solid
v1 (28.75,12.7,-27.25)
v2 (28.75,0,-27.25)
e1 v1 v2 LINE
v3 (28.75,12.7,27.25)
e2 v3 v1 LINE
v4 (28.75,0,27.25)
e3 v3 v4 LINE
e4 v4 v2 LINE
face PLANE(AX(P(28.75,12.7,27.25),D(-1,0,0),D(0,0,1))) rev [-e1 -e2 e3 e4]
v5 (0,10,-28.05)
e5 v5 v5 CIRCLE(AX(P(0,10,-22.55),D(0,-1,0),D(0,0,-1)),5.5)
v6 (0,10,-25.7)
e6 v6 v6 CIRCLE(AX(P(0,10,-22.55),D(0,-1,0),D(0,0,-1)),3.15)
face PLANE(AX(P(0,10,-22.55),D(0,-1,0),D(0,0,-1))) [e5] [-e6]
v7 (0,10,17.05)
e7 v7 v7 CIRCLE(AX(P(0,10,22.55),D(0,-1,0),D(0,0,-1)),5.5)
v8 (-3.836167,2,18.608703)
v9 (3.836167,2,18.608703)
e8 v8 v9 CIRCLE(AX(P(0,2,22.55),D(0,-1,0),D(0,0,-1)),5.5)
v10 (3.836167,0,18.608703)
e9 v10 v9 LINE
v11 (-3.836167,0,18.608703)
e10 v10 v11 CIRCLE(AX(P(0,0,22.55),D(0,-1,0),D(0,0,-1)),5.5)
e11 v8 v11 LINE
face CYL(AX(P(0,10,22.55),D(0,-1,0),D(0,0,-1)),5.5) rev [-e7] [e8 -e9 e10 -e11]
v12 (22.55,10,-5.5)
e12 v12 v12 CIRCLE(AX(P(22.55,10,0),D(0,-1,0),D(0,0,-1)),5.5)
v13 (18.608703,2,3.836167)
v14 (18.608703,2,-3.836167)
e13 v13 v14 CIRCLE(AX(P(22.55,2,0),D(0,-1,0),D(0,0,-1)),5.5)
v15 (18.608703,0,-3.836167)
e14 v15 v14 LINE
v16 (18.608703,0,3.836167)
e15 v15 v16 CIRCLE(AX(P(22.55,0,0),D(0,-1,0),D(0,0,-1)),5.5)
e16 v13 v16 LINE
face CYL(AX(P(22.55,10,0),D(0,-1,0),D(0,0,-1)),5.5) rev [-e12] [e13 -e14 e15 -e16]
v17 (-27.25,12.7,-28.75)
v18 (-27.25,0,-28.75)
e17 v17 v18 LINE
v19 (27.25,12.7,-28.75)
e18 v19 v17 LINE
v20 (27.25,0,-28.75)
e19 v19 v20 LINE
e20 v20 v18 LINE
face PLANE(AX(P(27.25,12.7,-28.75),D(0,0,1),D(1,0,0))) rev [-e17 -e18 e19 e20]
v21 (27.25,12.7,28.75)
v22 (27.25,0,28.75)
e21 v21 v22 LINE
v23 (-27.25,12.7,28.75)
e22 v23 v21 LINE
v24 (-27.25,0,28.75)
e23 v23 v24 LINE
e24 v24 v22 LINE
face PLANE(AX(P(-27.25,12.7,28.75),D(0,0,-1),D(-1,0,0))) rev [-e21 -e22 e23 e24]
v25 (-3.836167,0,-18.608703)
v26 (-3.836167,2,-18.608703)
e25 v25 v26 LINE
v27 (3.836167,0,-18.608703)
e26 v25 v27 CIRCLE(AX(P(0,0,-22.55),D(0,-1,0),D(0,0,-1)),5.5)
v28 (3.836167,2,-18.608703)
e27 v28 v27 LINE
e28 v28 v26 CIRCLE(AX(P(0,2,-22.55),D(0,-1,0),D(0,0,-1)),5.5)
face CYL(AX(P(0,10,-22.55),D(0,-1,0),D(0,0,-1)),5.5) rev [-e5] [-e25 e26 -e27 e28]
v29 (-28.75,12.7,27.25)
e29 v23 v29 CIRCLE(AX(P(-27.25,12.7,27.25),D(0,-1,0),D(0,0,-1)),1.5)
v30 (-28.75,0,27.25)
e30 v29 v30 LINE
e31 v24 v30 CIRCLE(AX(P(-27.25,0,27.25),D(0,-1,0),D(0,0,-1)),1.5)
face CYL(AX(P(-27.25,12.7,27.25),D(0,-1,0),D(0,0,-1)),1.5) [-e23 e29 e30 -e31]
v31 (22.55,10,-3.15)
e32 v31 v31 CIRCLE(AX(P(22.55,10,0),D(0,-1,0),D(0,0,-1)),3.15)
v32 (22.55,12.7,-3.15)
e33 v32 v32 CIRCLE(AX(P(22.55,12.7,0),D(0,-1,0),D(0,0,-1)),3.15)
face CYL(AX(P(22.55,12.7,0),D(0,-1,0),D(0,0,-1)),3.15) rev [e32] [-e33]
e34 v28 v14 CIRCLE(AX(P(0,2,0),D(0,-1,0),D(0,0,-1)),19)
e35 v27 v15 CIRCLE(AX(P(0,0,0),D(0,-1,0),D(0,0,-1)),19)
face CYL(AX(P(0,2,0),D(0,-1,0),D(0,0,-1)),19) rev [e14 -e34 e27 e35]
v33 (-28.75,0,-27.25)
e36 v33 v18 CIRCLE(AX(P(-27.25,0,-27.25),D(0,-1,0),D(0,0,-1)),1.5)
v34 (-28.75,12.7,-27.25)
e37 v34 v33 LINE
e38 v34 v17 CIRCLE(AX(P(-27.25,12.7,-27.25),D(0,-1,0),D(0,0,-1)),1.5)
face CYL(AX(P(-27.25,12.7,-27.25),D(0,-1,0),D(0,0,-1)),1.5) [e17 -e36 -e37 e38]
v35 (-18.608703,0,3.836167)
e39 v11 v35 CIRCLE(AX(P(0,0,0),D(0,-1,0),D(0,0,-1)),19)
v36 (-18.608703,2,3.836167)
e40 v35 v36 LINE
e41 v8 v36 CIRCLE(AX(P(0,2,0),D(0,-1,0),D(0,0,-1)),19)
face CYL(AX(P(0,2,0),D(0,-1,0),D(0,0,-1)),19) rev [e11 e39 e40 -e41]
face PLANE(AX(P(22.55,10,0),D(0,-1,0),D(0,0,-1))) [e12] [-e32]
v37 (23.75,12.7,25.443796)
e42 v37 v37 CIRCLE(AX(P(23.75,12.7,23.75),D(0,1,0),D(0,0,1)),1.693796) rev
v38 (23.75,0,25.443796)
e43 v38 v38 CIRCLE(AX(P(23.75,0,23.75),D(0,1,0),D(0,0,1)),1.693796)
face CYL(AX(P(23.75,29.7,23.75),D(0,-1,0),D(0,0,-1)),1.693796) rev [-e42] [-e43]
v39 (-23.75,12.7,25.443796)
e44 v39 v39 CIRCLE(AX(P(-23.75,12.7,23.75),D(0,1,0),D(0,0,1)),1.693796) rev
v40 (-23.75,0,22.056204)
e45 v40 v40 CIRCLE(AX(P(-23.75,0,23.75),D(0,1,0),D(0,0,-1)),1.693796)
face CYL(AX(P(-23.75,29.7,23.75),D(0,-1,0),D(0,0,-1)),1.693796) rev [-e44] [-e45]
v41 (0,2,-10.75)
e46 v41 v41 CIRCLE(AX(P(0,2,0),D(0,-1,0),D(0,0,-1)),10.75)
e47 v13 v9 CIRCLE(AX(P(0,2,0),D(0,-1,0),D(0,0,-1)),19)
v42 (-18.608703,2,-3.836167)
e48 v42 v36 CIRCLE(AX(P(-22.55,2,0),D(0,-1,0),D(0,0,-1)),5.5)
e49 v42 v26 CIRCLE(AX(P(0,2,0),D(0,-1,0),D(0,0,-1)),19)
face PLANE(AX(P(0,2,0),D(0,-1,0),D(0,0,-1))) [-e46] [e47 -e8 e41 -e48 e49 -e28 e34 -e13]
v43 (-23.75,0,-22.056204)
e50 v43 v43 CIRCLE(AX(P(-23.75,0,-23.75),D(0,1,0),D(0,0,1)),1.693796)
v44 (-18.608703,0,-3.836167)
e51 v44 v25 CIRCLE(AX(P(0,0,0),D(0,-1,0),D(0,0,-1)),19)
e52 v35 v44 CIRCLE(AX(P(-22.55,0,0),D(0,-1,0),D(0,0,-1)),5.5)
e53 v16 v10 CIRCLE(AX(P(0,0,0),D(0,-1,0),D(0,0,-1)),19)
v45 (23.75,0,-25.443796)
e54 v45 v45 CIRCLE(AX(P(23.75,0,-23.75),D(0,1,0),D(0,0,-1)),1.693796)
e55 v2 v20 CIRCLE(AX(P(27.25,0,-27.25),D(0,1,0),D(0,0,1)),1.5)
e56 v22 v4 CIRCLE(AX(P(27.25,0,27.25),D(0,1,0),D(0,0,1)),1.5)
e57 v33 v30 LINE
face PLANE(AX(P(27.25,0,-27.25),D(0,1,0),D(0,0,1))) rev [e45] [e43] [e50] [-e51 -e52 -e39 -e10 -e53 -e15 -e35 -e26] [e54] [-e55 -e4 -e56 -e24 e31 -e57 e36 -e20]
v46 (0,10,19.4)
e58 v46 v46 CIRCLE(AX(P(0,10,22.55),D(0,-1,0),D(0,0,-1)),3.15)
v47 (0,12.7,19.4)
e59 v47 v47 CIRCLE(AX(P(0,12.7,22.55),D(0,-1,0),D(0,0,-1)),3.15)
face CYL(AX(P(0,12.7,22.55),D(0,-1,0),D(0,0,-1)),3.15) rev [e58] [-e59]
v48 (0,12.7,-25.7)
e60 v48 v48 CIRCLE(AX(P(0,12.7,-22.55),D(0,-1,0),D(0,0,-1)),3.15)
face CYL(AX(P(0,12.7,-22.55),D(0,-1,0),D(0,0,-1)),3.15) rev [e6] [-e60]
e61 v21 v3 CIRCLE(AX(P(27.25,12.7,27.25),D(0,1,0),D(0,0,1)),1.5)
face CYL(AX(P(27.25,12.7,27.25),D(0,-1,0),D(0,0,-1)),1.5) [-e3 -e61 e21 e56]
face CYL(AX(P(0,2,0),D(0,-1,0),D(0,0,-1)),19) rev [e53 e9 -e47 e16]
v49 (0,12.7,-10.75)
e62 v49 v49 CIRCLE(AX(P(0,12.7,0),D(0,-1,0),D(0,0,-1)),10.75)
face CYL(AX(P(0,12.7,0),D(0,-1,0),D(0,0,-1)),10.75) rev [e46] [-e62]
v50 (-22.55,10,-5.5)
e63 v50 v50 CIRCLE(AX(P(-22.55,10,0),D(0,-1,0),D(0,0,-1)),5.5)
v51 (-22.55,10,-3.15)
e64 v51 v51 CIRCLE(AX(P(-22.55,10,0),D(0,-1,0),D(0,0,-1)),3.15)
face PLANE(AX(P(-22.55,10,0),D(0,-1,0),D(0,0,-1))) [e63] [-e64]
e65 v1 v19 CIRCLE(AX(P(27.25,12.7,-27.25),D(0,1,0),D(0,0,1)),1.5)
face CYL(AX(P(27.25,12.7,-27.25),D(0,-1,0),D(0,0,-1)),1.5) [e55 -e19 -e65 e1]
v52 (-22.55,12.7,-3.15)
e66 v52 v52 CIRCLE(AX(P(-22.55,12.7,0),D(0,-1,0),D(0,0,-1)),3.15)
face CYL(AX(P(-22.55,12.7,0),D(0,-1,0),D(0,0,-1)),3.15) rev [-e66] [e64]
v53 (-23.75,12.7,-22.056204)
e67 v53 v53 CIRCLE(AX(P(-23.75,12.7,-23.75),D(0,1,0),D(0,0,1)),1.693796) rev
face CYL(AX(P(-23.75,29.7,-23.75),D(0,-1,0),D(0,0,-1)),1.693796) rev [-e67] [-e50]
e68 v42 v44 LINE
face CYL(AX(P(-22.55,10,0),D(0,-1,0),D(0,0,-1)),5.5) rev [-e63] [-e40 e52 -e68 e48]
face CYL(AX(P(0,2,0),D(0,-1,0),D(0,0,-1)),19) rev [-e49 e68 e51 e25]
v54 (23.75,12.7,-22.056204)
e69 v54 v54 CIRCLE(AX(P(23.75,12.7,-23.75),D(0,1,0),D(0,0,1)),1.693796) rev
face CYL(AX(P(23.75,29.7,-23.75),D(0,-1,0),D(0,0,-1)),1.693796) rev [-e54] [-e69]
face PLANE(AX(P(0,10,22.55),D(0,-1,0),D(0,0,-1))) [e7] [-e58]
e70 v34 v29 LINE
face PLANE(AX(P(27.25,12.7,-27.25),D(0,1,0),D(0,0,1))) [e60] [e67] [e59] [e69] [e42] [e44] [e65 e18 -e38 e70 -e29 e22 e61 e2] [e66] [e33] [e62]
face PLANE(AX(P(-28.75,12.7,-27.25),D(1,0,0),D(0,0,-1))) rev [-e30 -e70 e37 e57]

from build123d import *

# Parameters (mm, degrees)
SALIENTE_EXTRUIR1_DEPTH = 12.7
CROQUIS1_4_OUTSIDE_W    = 75.96
CROQUIS1_4_OUTSIDE_H    = 75.96
CROQUIS1_4_OUTSIDE_R    = 1.693796282
CORTAR_EXTRUIR1_DEPTH   = 29.7
CROQUIS2_R              = 19
CORTAR_EXTRUIR2_DEPTH   = 2
CROQUIS3_R              = 10.75
CORTAR_EXTRUIR3_DEPTH   = 43.043013688
CROQUIS4_R              = 5.5
CORTAR_EXTRUIR4_DEPTH   = 10
CROQUIS6_R              = 3.15
CORTAR_EXTRUIR5_DEPTH   = 42.870335561


with BuildPart() as part:
    # Croquis1 → Saliente-Extruir1 (new body)
    with BuildSketch(Plane(origin=(0, 0, 0), x_dir=(1, 0, 0), z_dir=(0, 1, 0))):
        with BuildLine():
            Line((-27.25, -28.75), (27.25, -28.75))
            ThreePointArc((27.25, -28.75), (28.310660172, -28.310660172), (28.75, -27.25))
            Line((28.75, -27.25), (28.75, 27.25))
            ThreePointArc((28.75, 27.25), (28.310660172, 28.310660172), (27.25, 28.75))
            Line((27.25, 28.75), (-27.25, 28.75))
            ThreePointArc((-27.25, 28.75), (-28.310660172, 28.310660172), (-28.75, 27.25))
            Line((-28.75, 27.25), (-28.75, -27.25))
            ThreePointArc((-28.75, -27.25), (-28.310660172, -28.310660172), (-27.25, -28.75))
        make_face()
    extrude(amount=SALIENTE_EXTRUIR1_DEPTH)

    # Croquis1<4> outside → Cortar-Extruir1 (cut)
    # profile 1 of 5: a face of its own
    with BuildSketch(Plane(origin=(0, 0, 0), x_dir=(1, 0, 0), z_dir=(0, 1, 0))):
        Rectangle(CROQUIS1_4_OUTSIDE_W, CROQUIS1_4_OUTSIDE_H)
        with BuildLine():
            Line((-27.25, -28.75), (27.25, -28.75))
            ThreePointArc((27.25, -28.75), (28.310660172, -28.310660172), (28.75, -27.25))
            Line((28.75, -27.25), (28.75, 27.25))
            ThreePointArc((28.75, 27.25), (28.310660172, 28.310660172), (27.25, 28.75))
            Line((27.25, 28.75), (-27.25, 28.75))
            ThreePointArc((-27.25, 28.75), (-28.310660172, 28.310660172), (-28.75, 27.25))
            Line((-28.75, 27.25), (-28.75, -27.25))
            ThreePointArc((-28.75, -27.25), (-28.310660172, -28.310660172), (-27.25, -28.75))
        make_face(mode=Mode.SUBTRACT)
    # profile 2 of 5: a face of its own
    with BuildSketch(Plane(origin=(0, 0, 0), x_dir=(1, 0, 0), z_dir=(0, 1, 0))):
        with Locations((-23.75, 23.75)):
            Circle(CROQUIS1_4_OUTSIDE_R)
    # profile 3 of 5: a face of its own
    with BuildSketch(Plane(origin=(0, 0, 0), x_dir=(1, 0, 0), z_dir=(0, 1, 0))):
        with Locations((23.75, 23.75)):
            Circle(CROQUIS1_4_OUTSIDE_R)
    # profile 4 of 5: a face of its own
    with BuildSketch(Plane(origin=(0, 0, 0), x_dir=(1, 0, 0), z_dir=(0, 1, 0))):
        with Locations((23.75, -23.75)):
            Circle(CROQUIS1_4_OUTSIDE_R)
    # profile 5 of 5: a face of its own
    with BuildSketch(Plane(origin=(0, 0, 0), x_dir=(1, 0, 0), z_dir=(0, 1, 0))):
        with Locations((-23.75, -23.75)):
            Circle(CROQUIS1_4_OUTSIDE_R)
    extrude(amount=CORTAR_EXTRUIR1_DEPTH, mode=Mode.SUBTRACT)

    # Croquis2 → Cortar-Extruir2 (cut)
    with BuildSketch(Plane.XZ):
        Circle(CROQUIS2_R)
    extrude(amount=-CORTAR_EXTRUIR2_DEPTH, mode=Mode.SUBTRACT)

    # Croquis3 → Cortar-Extruir3 (cut, through all)
    with BuildSketch(Plane.XZ.offset(-2)):
        Circle(CROQUIS3_R)
    extrude(amount=-CORTAR_EXTRUIR3_DEPTH, mode=Mode.SUBTRACT)

    # Croquis4 → Cortar-Extruir4 (cut)
    with BuildSketch(Plane.XZ):
        with Locations((22.55, 0)):
            Circle(CROQUIS4_R)
        with Locations((0, -22.55)):
            Circle(CROQUIS4_R)
        with Locations((-22.55, 0)):
            Circle(CROQUIS4_R)
        with Locations((0, 22.55)):
            Circle(CROQUIS4_R)
    extrude(amount=-CORTAR_EXTRUIR4_DEPTH, mode=Mode.SUBTRACT)

    # Croquis6 → Cortar-Extruir5 (cut, through all)
    with BuildSketch(Plane.XZ.offset(-10)):
        with Locations((22.55, 0)):
            Circle(CROQUIS6_R)
        with Locations((0, -22.55)):
            Circle(CROQUIS6_R)
        with Locations((-22.55, 0)):
            Circle(CROQUIS6_R)
        with Locations((0, 22.55)):
            Circle(CROQUIS6_R)
    extrude(amount=-CORTAR_EXTRUIR5_DEPTH, mode=Mode.SUBTRACT)


solid = part.part
